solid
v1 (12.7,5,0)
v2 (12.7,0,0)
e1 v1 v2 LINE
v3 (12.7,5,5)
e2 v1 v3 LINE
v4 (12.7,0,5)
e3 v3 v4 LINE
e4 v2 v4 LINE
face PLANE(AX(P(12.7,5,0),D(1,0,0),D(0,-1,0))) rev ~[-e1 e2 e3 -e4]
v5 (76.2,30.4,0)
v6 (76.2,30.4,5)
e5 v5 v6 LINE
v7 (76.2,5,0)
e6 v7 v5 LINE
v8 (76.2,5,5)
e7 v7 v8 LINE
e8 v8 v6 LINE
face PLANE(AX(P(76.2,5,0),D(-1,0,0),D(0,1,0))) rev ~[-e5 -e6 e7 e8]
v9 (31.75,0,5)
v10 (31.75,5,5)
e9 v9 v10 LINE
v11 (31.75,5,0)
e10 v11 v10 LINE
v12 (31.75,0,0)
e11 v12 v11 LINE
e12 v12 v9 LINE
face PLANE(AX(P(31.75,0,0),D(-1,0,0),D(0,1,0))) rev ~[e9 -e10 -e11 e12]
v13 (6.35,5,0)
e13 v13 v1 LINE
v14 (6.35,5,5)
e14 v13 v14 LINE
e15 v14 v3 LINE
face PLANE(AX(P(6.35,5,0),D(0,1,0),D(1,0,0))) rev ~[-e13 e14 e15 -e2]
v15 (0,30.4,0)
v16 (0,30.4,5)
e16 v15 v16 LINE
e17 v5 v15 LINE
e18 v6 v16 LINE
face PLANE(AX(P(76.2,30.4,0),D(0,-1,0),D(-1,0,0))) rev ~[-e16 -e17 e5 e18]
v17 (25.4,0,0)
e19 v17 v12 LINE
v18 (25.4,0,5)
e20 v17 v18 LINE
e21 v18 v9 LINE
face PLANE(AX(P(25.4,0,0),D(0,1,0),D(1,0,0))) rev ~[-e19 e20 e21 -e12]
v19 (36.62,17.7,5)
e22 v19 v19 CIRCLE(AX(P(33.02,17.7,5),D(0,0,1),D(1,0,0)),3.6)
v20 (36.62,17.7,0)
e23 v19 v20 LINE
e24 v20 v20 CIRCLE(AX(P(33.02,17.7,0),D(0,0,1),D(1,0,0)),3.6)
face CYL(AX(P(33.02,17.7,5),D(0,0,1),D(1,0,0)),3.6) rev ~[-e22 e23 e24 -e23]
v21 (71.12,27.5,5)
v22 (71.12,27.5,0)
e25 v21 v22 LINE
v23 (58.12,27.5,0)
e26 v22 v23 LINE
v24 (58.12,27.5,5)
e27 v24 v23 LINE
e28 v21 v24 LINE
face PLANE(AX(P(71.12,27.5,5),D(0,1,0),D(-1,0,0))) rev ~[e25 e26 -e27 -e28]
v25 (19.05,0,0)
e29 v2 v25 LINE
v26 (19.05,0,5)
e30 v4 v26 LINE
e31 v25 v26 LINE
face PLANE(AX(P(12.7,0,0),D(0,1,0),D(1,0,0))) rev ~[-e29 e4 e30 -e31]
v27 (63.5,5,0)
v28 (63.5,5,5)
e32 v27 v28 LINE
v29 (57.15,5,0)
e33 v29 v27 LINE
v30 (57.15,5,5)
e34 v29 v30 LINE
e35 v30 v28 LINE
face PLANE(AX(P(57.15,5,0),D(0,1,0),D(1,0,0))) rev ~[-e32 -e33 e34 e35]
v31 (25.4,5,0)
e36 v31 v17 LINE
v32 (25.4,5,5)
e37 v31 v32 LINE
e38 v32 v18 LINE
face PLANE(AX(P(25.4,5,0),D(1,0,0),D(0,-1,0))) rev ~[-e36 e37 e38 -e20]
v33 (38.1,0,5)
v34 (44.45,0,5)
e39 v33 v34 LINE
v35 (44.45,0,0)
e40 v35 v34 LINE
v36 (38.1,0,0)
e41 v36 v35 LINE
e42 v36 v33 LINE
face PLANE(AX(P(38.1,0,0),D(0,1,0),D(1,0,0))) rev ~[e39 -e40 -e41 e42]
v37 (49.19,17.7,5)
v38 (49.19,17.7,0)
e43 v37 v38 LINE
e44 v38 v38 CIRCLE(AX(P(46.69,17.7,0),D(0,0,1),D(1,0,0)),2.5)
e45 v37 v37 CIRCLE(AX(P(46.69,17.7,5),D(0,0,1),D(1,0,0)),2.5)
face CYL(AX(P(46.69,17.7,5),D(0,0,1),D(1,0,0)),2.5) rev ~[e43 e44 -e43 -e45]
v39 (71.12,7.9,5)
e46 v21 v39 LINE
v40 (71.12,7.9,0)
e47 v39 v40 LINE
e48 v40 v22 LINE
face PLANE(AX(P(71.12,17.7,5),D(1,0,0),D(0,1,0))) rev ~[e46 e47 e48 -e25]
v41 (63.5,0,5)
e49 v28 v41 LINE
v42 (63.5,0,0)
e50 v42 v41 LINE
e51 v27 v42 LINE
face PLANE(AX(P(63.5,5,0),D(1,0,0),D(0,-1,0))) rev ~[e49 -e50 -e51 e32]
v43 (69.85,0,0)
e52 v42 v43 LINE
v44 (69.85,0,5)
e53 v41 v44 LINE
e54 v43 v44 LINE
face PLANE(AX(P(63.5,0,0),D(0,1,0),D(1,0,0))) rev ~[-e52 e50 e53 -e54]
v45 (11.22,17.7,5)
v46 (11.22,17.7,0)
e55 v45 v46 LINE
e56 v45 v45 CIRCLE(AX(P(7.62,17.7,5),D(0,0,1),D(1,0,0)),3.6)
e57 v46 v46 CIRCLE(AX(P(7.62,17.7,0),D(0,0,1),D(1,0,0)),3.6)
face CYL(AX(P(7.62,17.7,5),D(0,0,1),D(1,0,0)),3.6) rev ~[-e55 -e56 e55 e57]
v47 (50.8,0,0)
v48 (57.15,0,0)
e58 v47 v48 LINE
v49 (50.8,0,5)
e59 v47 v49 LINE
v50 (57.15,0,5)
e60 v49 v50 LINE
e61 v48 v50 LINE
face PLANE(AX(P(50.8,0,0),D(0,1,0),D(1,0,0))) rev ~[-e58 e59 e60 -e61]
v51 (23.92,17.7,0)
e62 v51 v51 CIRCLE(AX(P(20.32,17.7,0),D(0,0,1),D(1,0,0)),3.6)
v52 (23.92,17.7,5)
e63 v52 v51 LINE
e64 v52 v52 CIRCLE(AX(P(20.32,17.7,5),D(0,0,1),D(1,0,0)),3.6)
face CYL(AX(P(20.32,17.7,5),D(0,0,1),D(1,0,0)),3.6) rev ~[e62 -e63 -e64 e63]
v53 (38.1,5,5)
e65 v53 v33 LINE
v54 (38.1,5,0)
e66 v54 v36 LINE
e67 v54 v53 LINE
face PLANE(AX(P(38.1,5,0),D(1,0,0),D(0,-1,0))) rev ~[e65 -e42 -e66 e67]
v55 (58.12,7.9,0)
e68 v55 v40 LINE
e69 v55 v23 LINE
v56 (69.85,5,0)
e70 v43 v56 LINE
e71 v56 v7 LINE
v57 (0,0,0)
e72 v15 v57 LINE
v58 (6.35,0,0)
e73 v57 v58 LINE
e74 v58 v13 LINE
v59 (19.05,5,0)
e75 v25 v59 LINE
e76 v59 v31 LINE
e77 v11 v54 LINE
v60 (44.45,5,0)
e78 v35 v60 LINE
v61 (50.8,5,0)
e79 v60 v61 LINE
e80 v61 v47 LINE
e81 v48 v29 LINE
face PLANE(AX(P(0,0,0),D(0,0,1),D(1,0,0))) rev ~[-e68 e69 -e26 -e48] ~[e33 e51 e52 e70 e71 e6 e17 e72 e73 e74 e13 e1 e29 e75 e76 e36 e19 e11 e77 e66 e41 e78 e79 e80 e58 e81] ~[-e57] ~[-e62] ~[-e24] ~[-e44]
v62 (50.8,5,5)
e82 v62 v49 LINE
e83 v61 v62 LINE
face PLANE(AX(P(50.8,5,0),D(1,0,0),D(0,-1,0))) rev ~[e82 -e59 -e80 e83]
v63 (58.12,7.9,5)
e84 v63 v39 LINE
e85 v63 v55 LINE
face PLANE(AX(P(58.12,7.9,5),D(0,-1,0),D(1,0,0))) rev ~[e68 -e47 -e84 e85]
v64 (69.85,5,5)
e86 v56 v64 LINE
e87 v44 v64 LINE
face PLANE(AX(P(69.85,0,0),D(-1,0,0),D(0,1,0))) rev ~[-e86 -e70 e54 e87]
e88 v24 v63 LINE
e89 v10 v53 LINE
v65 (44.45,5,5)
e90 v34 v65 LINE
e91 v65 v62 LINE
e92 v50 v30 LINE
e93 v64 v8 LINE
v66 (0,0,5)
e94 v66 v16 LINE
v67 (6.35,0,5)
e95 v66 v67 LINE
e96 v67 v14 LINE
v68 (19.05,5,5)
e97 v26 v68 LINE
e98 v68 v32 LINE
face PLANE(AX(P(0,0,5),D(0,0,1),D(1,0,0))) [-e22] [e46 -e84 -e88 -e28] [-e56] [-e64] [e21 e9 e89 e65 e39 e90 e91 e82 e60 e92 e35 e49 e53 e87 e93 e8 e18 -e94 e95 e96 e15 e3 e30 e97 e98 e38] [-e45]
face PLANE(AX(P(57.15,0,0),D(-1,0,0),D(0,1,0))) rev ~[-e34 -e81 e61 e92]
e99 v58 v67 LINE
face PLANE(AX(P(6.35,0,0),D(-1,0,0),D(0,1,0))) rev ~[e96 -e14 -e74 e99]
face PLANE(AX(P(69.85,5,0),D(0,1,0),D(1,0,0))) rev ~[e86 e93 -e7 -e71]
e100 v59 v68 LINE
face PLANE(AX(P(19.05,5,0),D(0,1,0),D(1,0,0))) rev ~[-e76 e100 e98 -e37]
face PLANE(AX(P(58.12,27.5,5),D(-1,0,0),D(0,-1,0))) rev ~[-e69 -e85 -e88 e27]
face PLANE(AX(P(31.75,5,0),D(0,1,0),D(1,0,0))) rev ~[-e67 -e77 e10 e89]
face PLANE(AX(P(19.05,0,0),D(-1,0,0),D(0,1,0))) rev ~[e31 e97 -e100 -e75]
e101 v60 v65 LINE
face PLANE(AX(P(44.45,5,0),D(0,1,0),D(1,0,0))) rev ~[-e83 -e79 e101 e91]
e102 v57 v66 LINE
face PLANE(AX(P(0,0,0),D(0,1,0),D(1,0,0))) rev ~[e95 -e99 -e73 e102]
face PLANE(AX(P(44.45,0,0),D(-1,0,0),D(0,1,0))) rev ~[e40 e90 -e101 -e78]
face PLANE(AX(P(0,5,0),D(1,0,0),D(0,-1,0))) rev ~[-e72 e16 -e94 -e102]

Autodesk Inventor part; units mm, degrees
ref_plane "YZ Plane" through (0, 0, 0) normal (1, 0, 0) x (0, 1, 0)
ref_plane "XZ Plane" through (0, 0, 0) normal (0, 1, 0) x (-1, 0, 0)
ref_plane "XY Plane" through (0, 0, 0) normal (0, 0, 1) x (1, 0, 0)
sketch "Sketch1" plane through (0, 0, 0) normal (0, 0, 1) x (1, 0, 0)
  line L0 (0, 0) -> (6.35, 0)
  line L1 (6.35, 0) -> (6.35, 5)
  line L2 (0, 5) -> (0, 0)
  line L3 (12.7, 0) -> (19.05, 0)
  line L4 (19.05, 0) -> (19.05, 5)
  line L5 (12.7, 5) -> (12.7, 0)
  line L6 (25.4, 0) -> (31.75, 0)
  line L7 (31.75, 0) -> (31.75, 5)
  line L8 (25.4, 5) -> (25.4, 0)
  line L9 (38.1, 0) -> (44.45, 0)
  line L10 (44.45, 0) -> (44.45, 5)
  line L11 (38.1, 5) -> (38.1, 0)
  line L12 (50.8, 0) -> (57.15, 0)
  line L13 (57.15, 0) -> (57.15, 5)
  line L14 (50.8, 5) -> (50.8, 0)
  line L15 (63.5, 0) -> (69.85, 0)
  line L16 (69.85, 0) -> (69.85, 5)
  line L17 (63.5, 5) -> (63.5, 0)
  line L18 (76.2, 5) -> (76.2, 30.4)
  line L19 (76.2, 30.4) -> (0, 30.4)
  line L20 (0, 30.4) -> (0, 5)
  line L21 (6.35, 5) -> (12.7, 5)
  line L22 (19.05, 5) -> (25.4, 5)
  line L23 (31.75, 5) -> (38.1, 5)
  line L24 (44.45, 5) -> (50.8, 5)
  line L25 (57.15, 5) -> (63.5, 5)
  line L26 (69.85, 5) -> (76.2, 5)
  dimension "d3" = 6.35
  dimension "d4" = 5
  dimension "d7" = 12.7
  dimension "d12" = 76.2
  dimension "d13" = 25.4
extrude "Extrusion1" add sketch "Sketch1" along normal blind 5
sketch "Sketch2" plane through (0, 0, 5) normal (0, 0, 1) x (1, 0, 0)
  line L0 (71.12, 27.5) -> (58.12, 27.5)
  line L1 (58.12, 27.5) -> (58.12, 7.9)
  line L2 (58.12, 7.9) -> (71.12, 7.9)
  line L3 (71.12, 7.9) -> (71.12, 27.5)
  line L4 (76.2, 17.7) -> (0.6797, 17.7)
  line L5 (76.2, 5) -> (76.2, 30.4) projected
  point P0 (0, 0)
  point P1 (71.12, 17.7)
  dimension "d16" = 13
  dimension "d17" = 19.6
  dimension "d20" = 5.08
extrude "Switch" cut sketch "Sketch2" against normal blind 5
sketch "Sketch3" plane through (0, 0, 5) normal (0, 0, 1) x (1, 0, 0)
  circle A0 centre (46.69, 17.7) radius 2.5
  line L0 (76.2, 5) -> (76.2, 30.4) construction
  line L1 (58.12, 7.9) -> (58.12, 27.5) construction
  line L2 (76.2, 17.7) -> (0, 17.7) construction
  line L3 (0, 30.4) -> (0, 0) construction
  dimension "d23" = 5
  dimension "d24" = 11.43
extrude "LED" cut sketch "Sketch3" against normal blind 5
sketch "Sketch4" plane through (0, 0, 5) normal (0, 0, 1) x (1, 0, 0)
  circle A0 centre (33.02, 17.7) radius 3.6
  line L0 (76.2, 5) -> (76.2, 30.4) construction
  line L1 (76.2, 17.7) -> (0, 17.7) construction
  circle A1 centre (20.32, 17.7) radius 3.6
  circle A2 centre (7.62, 17.7) radius 3.6
  line L2 (0, 30.4) -> (0, 0) projected
  dimension "d27" = 7.2
  dimension "d28" = 7.2
  dimension "d29" = 7.2
  dimension "d30" = 12.7
  dimension "d31" = 12.7
  dimension "d33" = 7.62
extrude "Buttons" cut sketch "Sketch4" against normal blind 5
equation "\"d4\" = hardboard_thickness"
equation "\"d14\" = hardboard_thickness"
equation "\"d21\" = hardboard_thickness"
equation "\"d25\" = hardboard_thickness"
equation "\"d34\" = hardboard_thickness"
equation "\"m3_heat_set_insert\" = 4"
equation "\"m3_clearance\" = 3.4"
equation "\"m3_heat_set_depth\" = 7"
equation "\"robot_diameter\" = 354"
equation "\"hardboard_thickness\" = 5"
properties part number "control_panel"
